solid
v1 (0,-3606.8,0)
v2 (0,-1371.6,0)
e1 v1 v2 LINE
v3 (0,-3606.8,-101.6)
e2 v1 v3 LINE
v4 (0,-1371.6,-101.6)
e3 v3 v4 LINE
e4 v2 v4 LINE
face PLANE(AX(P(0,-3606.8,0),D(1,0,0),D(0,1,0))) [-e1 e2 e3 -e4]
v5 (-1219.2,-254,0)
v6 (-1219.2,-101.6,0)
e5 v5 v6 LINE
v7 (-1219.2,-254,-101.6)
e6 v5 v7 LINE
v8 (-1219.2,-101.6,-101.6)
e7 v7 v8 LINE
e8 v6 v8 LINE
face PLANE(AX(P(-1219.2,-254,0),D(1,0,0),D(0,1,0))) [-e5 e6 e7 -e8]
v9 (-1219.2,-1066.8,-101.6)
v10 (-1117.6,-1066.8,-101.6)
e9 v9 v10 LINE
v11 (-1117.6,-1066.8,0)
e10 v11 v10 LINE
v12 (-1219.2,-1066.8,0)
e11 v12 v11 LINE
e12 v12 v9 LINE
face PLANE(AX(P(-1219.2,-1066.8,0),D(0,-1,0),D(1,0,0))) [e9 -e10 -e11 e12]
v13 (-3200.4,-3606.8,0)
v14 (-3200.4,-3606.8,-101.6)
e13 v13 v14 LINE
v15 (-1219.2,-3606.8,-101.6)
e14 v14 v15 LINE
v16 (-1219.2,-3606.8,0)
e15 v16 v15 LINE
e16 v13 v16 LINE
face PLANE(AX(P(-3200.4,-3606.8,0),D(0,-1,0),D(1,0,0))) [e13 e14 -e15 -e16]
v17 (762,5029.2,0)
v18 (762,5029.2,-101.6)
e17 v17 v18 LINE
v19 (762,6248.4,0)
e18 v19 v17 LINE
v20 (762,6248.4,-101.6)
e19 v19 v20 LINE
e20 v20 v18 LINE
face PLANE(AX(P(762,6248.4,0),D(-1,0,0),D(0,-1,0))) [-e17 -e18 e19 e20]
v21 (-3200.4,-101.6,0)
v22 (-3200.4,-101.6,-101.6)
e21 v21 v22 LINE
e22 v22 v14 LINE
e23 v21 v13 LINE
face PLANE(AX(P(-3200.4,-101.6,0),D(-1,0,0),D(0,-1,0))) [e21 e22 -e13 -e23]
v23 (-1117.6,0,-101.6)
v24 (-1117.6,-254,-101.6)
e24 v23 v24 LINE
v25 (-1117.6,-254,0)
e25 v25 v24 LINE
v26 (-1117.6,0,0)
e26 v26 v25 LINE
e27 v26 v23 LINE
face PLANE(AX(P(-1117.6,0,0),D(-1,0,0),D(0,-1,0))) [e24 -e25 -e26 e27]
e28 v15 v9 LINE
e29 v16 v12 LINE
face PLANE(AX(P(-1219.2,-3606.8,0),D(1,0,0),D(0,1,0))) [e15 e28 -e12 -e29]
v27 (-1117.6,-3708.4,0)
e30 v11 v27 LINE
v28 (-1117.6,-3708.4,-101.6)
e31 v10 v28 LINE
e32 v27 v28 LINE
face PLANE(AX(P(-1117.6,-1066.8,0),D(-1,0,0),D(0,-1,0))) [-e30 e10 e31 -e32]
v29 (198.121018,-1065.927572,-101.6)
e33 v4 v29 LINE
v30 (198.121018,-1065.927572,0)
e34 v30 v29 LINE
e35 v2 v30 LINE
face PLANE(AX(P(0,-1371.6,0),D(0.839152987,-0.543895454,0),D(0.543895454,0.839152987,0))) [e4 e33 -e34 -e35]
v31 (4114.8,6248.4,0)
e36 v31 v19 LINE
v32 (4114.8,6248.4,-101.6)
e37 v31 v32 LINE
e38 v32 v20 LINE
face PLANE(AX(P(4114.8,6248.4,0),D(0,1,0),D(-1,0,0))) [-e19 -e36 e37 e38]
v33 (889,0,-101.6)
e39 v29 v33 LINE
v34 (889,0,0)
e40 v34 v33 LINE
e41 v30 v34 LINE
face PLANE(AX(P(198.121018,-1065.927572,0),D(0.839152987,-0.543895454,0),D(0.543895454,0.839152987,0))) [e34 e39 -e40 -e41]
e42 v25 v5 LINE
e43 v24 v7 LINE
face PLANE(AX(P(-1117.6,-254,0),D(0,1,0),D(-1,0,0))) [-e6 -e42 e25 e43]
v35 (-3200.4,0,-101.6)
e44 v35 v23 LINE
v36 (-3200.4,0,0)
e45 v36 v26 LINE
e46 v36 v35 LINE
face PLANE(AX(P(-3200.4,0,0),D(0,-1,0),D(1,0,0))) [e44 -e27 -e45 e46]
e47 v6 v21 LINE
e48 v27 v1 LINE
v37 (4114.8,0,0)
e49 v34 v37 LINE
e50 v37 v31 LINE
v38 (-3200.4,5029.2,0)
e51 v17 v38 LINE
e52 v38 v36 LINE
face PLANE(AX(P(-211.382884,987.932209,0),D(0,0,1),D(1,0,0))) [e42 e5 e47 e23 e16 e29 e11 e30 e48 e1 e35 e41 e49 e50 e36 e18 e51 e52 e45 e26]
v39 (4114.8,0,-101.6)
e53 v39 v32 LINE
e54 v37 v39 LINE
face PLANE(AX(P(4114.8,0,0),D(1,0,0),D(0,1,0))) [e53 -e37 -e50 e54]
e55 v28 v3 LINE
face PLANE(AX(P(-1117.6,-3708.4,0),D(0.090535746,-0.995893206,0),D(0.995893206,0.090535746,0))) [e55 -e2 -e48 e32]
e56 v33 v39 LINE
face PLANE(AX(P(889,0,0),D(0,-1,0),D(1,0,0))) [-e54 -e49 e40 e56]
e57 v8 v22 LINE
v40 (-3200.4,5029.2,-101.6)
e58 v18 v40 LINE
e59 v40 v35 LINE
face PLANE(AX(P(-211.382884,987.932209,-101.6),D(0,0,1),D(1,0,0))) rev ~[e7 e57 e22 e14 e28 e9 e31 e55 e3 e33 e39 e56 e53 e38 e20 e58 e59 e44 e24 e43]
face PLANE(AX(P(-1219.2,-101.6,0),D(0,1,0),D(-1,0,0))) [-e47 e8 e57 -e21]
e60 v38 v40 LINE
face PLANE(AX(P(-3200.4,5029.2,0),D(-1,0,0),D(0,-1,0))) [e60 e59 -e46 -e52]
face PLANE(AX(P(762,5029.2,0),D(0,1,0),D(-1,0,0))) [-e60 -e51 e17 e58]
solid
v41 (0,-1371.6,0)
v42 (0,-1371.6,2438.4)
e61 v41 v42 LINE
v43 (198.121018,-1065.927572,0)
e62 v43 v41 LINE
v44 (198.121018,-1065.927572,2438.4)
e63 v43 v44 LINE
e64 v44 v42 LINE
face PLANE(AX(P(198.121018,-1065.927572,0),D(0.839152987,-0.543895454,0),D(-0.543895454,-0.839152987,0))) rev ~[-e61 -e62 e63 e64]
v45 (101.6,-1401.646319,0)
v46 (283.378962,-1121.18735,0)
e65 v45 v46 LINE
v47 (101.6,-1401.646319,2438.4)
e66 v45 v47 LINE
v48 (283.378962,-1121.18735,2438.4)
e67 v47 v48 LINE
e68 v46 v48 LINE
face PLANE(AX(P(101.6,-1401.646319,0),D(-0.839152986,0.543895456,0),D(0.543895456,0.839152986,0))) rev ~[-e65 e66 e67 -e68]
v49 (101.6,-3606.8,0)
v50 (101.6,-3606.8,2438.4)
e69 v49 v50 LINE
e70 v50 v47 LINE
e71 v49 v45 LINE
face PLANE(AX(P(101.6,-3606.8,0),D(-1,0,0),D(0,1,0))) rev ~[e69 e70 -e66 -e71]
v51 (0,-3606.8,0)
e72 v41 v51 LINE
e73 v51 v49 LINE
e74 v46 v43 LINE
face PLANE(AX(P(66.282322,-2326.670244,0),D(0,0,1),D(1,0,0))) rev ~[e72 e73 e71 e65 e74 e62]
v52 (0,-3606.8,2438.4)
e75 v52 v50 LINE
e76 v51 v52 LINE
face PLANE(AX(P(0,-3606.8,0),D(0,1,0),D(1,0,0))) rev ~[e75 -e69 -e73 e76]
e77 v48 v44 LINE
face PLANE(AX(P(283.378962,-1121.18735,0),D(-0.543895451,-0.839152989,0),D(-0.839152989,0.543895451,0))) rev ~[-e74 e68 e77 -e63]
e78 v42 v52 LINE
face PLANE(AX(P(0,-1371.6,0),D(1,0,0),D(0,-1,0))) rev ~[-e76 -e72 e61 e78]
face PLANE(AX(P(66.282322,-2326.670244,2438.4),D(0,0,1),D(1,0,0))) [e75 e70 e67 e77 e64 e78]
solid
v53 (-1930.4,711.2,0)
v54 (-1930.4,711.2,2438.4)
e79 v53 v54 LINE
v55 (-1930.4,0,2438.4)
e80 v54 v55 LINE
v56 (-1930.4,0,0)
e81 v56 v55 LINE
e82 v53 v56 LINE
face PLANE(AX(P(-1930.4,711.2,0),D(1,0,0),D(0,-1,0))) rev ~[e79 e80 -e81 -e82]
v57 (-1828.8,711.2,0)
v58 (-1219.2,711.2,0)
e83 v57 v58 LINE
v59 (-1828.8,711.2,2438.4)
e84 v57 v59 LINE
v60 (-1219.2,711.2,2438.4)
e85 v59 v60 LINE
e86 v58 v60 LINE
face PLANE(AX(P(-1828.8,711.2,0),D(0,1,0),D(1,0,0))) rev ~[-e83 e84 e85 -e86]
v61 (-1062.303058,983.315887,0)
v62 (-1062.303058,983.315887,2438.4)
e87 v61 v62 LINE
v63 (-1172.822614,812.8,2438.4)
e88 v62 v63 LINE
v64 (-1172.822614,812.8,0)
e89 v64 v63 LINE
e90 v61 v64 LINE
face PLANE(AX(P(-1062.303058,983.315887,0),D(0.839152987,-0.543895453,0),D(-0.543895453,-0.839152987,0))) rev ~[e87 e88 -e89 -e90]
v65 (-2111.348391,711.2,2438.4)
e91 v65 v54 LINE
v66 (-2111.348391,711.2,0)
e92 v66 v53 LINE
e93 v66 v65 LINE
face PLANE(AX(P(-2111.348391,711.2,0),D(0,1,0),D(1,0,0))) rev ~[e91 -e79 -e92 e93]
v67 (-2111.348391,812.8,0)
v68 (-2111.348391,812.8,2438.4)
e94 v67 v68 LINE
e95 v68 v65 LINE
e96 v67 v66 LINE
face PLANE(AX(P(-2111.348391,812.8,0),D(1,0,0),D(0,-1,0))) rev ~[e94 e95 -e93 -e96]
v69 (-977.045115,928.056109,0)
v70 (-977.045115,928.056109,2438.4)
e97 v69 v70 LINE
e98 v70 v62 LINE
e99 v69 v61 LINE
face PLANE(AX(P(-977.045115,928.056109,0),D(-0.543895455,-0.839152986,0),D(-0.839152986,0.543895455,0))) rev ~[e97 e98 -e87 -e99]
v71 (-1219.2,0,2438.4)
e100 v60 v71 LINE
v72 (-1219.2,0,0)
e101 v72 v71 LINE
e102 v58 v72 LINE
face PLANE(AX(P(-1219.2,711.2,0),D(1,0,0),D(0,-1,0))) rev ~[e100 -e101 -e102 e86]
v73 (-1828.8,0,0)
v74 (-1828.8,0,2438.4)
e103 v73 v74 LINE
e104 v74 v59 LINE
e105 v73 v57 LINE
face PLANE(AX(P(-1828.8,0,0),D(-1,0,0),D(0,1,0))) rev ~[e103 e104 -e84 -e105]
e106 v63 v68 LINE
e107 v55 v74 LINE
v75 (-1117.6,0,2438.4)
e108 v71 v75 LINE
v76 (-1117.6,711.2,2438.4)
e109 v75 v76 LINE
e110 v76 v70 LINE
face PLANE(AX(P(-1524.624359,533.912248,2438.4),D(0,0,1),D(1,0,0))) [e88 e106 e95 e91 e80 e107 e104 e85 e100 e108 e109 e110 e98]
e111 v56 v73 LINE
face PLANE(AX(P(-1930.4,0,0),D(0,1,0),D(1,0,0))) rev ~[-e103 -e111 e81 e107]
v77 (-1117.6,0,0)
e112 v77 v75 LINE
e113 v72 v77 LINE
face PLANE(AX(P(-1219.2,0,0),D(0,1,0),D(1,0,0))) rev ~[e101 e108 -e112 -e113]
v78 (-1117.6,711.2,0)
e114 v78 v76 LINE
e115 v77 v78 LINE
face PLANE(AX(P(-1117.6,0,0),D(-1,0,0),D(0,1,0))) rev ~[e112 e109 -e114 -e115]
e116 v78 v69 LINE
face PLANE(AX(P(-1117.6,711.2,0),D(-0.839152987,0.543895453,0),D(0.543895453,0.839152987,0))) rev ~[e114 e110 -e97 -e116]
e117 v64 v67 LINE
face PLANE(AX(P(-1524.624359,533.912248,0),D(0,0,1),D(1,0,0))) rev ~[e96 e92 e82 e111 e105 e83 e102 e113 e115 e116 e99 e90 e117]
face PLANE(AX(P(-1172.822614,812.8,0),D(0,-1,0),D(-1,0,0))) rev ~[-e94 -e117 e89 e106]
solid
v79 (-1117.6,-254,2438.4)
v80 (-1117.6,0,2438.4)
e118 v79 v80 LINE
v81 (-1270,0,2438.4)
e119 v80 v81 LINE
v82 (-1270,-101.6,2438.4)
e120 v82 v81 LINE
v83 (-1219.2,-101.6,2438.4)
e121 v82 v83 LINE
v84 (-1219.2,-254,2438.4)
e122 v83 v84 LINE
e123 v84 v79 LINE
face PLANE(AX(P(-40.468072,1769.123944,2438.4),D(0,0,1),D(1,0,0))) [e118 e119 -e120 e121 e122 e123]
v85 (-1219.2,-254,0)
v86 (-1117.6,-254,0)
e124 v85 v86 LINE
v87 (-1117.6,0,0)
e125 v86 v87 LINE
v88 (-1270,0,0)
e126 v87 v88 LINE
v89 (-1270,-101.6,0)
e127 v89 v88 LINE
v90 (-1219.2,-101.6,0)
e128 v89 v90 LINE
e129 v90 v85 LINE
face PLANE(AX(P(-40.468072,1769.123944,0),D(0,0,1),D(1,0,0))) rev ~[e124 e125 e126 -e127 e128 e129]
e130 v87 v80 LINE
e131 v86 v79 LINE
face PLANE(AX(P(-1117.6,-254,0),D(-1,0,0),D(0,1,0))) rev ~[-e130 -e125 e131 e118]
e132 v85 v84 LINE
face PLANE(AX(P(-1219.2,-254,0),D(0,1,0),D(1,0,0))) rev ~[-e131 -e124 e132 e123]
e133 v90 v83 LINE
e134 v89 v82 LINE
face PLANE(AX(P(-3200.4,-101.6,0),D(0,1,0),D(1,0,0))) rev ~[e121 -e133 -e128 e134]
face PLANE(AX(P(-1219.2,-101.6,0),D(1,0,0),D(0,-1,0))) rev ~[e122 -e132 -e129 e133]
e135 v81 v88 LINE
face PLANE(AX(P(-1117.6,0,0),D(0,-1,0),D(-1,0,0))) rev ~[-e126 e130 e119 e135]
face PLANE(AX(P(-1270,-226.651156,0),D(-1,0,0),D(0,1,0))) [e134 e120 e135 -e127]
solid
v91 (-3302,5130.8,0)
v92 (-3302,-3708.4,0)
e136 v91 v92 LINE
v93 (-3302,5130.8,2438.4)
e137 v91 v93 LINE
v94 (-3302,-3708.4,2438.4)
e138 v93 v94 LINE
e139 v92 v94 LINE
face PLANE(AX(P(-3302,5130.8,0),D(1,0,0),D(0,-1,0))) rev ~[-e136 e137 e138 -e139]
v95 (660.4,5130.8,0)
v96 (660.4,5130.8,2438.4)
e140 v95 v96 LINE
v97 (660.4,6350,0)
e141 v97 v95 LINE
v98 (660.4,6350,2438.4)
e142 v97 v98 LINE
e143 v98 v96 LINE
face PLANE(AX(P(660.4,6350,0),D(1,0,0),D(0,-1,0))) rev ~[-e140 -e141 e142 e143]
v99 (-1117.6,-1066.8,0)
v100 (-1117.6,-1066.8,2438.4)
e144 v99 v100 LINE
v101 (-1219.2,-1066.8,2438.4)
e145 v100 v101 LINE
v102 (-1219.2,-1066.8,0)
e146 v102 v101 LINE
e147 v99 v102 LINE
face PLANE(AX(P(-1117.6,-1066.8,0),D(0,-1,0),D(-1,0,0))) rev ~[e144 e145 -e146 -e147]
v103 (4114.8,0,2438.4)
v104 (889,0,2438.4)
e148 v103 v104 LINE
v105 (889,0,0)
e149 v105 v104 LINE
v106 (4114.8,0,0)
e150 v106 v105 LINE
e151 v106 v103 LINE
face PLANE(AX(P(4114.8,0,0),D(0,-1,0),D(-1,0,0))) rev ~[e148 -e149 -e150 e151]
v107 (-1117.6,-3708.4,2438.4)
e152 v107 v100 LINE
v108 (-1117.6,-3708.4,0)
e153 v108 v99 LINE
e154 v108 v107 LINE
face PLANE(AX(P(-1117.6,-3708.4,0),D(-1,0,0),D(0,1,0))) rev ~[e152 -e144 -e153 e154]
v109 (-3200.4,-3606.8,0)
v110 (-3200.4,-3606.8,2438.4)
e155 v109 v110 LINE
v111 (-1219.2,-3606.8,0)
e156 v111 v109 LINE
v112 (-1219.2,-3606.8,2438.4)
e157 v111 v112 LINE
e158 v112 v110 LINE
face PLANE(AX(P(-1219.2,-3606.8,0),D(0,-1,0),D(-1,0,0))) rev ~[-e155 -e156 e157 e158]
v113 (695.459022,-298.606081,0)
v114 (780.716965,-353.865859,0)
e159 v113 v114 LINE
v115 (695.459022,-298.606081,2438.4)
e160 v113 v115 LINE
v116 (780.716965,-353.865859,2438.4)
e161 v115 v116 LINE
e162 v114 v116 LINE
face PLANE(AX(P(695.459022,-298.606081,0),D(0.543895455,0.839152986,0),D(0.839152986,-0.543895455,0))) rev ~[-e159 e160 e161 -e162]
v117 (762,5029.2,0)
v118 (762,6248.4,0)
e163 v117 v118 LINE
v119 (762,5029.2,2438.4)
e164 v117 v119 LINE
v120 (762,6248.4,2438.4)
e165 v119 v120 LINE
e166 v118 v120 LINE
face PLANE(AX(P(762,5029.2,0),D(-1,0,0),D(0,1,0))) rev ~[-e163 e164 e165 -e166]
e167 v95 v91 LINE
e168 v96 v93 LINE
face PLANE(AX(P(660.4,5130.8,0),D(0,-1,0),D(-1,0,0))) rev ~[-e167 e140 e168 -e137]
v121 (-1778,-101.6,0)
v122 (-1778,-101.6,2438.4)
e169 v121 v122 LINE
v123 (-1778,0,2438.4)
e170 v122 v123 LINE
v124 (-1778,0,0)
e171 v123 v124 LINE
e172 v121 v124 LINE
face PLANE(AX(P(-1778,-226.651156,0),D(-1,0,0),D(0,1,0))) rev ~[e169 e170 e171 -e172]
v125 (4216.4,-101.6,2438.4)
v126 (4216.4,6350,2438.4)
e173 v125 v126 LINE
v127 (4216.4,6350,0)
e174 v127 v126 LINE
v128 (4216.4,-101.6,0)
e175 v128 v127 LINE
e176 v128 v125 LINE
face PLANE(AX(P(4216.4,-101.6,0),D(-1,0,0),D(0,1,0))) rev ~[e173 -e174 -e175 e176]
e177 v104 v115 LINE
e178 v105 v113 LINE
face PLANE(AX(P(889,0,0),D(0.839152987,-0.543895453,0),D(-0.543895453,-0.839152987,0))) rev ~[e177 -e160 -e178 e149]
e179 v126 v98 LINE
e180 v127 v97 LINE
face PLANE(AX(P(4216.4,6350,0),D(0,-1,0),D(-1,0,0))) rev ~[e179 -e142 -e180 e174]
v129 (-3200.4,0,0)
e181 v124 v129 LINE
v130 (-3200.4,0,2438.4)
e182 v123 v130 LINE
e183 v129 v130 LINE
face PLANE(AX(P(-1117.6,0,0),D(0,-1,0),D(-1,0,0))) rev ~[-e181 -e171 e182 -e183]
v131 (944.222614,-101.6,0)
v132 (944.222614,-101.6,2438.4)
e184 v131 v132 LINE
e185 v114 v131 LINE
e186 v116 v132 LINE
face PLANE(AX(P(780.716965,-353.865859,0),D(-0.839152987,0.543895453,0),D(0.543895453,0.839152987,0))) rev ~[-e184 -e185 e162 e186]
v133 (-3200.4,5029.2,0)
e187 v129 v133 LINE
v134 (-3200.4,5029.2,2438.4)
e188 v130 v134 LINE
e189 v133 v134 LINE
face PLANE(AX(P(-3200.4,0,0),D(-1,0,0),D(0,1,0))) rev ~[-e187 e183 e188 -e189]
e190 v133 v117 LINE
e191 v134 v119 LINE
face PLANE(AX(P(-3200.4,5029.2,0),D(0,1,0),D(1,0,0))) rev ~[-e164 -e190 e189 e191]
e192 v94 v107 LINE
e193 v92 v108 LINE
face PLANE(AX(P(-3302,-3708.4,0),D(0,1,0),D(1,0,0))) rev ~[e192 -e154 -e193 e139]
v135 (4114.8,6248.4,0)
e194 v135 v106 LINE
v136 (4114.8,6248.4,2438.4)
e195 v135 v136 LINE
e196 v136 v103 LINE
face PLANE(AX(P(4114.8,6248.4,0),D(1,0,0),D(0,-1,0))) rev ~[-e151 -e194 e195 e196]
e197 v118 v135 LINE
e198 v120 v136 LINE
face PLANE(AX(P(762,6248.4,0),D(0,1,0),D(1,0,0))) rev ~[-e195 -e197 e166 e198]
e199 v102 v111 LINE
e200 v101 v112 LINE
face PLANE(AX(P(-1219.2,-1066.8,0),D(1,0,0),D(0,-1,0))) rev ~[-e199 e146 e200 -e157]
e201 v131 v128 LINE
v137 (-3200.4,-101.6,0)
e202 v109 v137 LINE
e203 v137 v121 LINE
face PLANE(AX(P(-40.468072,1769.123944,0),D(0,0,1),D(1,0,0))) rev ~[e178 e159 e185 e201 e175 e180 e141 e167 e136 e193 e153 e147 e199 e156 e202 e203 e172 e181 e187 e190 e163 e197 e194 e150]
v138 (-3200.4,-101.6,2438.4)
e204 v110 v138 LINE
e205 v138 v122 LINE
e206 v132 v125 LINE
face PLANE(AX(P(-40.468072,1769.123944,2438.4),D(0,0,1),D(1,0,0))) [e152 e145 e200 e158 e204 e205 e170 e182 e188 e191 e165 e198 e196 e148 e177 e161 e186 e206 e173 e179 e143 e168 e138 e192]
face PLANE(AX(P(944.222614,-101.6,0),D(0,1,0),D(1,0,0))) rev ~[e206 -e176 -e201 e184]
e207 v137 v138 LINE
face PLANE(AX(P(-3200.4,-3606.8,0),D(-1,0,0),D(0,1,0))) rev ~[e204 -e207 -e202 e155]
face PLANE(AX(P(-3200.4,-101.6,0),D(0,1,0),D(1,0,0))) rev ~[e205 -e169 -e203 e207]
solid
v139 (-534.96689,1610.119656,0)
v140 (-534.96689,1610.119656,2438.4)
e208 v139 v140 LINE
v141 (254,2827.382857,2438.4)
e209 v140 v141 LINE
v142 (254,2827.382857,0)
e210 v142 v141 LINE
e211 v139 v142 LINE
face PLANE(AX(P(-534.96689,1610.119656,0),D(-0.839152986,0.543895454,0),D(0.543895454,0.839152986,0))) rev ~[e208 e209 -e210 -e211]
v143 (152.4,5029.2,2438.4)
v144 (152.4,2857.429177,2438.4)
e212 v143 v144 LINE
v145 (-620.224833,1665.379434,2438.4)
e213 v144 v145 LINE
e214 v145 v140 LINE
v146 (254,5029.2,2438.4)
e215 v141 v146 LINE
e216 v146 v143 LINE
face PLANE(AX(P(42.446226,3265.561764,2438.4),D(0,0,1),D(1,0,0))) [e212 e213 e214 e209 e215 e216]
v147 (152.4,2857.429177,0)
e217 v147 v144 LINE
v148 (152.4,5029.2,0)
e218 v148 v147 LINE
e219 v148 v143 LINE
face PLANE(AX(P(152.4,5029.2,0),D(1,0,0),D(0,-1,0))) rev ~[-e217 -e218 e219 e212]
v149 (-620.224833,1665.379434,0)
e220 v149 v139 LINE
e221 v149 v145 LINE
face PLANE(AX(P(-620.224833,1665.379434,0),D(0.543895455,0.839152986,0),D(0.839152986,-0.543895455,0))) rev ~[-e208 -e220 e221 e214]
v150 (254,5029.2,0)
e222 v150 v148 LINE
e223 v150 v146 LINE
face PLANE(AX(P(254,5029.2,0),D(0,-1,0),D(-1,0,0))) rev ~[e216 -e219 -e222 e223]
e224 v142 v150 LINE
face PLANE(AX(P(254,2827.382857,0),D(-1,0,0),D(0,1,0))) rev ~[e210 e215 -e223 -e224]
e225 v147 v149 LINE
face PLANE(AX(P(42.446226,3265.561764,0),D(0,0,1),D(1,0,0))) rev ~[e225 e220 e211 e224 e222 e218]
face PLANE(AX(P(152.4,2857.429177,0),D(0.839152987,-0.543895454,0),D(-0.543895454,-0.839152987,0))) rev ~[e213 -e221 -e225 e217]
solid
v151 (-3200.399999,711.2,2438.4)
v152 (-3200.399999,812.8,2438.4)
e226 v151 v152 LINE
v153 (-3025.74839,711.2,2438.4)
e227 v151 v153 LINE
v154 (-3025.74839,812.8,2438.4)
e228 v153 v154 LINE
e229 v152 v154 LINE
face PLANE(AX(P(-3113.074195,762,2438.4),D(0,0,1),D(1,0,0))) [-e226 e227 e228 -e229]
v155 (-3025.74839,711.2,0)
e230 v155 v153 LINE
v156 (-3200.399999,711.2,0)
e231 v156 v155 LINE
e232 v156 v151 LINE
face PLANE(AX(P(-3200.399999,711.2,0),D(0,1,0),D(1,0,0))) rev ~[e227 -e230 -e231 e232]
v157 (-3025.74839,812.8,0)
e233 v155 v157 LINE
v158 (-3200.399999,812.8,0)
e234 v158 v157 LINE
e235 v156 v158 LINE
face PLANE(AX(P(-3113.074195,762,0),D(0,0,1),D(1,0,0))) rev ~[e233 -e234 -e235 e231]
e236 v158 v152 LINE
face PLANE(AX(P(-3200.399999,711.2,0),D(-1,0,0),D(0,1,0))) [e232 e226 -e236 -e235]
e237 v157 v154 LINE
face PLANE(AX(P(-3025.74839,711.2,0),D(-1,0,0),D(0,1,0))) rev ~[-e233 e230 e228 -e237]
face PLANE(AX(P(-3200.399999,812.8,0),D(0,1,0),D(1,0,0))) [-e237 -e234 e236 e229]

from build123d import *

# Parameters (mm, degrees)
F1_DEPTH = 2438.4
F3_DEPTH = 101.6
F4_W     = 174.651609
F4_H     = 101.6
F5_DEPTH = 2438.4
F6_W     = 508
F6_H     = 388.720166
F7_DEPTH = 2438.4


with BuildPart() as f1:
    # F0 (on Top) → F1 (new body)
    with BuildSketch(Plane.XY):
        Polygon((-1219.2, -1066.8), (-1219.2, -1524), (-1219.2, -3606.8), (-3200.4, -3606.8), (-3200.4, -101.6), (-1219.2, -101.6), (-1219.2, -254), (-1117.6, -254), (-1117.6, 0), (-3200.4, 0), (-3200.4, 5029.2), (762, 5029.2), (762, 6248.4), (4114.8, 6248.4), (4114.8, 0), (889, 0), (695.459022, -298.606081), (780.716965, -353.865859), (944.222614, -101.6), (4216.4, -101.6), (4216.4, 6350), (660.4, 6350), (660.4, 5130.8), (-3302, 5130.8), (-3302, -3708.4), (-1648.964067, -3708.4), (-1117.6, -3708.4), (-1117.6, -3606.8), (-1117.6, -1524), (-1117.6, -1066.8), align=None)
        Polygon((198.121018, -1065.927572), (0, -1371.6), (0, -3606.8), (101.6, -3606.8), (101.6, -1401.646319), (283.378962, -1121.18735), align=None)
    extrude(amount=F1_DEPTH)


with BuildPart() as f3:
    # F2 (on Top) → F3 (new body)
    with BuildSketch(Plane.XY):
        Polygon((762, 5029.2), (-3200.4, 5029.2), (-3200.4, 0), (-1117.6, 0), (-1117.6, -254), (-1219.2, -254), (-1219.2, -101.6), (-3200.4, -101.6), (-3200.4, -3606.8), (-1219.2, -3606.8), (-1219.2, -1066.8), (-1117.6, -1066.8), (-1117.6, -3708.4), (0, -3606.8), (0, -1371.6), (198.121018, -1065.927572), (889, 0), (4114.8, 0), (4114.8, 6248.4), (762, 6248.4), align=None)
    extrude(amount=-F3_DEPTH)


with BuildPart() as f5:
    # F4 (on Top) → F5 (new body)
    with BuildSketch(Plane.XY):
        Polygon((254, 5029.2), (152.4, 5029.2), (152.4, 2857.429177), (-620.224833, 1665.379434), (-534.96689, 1610.119656), (254, 2827.382857), align=None)
        Polygon((-1062.303058, 983.315887), (-1172.822614, 812.8), (-2111.348391, 812.8), (-2111.348391, 711.2), (-1930.4, 711.2), (-1930.4, 0), (-1828.8, 0), (-1828.8, 711.2), (-1219.2, 711.2), (-1219.2, 0), (-1117.6, 0), (-1117.6, 711.2), (-977.045115, 928.056109), align=None)
        with Locations((-3113.074195, 762)):
            Rectangle(F4_W, F4_H)
    extrude(amount=F5_DEPTH)


with BuildPart() as f7:
    # F6 (on Top) → F7 (new body, through all)
    with BuildSketch(Plane.XY):
        with Locations((-1524, -32.291073)):
            Rectangle(F6_W, F6_H)
    extrude(amount=F7_DEPTH)


with BuildPart() as f1_1:
    add(f1.part)

    # F8: cut F7
    add(f7.part, mode=Mode.SUBTRACT)


solid = Compound([f3.part, f5.part, f1_1.part])
